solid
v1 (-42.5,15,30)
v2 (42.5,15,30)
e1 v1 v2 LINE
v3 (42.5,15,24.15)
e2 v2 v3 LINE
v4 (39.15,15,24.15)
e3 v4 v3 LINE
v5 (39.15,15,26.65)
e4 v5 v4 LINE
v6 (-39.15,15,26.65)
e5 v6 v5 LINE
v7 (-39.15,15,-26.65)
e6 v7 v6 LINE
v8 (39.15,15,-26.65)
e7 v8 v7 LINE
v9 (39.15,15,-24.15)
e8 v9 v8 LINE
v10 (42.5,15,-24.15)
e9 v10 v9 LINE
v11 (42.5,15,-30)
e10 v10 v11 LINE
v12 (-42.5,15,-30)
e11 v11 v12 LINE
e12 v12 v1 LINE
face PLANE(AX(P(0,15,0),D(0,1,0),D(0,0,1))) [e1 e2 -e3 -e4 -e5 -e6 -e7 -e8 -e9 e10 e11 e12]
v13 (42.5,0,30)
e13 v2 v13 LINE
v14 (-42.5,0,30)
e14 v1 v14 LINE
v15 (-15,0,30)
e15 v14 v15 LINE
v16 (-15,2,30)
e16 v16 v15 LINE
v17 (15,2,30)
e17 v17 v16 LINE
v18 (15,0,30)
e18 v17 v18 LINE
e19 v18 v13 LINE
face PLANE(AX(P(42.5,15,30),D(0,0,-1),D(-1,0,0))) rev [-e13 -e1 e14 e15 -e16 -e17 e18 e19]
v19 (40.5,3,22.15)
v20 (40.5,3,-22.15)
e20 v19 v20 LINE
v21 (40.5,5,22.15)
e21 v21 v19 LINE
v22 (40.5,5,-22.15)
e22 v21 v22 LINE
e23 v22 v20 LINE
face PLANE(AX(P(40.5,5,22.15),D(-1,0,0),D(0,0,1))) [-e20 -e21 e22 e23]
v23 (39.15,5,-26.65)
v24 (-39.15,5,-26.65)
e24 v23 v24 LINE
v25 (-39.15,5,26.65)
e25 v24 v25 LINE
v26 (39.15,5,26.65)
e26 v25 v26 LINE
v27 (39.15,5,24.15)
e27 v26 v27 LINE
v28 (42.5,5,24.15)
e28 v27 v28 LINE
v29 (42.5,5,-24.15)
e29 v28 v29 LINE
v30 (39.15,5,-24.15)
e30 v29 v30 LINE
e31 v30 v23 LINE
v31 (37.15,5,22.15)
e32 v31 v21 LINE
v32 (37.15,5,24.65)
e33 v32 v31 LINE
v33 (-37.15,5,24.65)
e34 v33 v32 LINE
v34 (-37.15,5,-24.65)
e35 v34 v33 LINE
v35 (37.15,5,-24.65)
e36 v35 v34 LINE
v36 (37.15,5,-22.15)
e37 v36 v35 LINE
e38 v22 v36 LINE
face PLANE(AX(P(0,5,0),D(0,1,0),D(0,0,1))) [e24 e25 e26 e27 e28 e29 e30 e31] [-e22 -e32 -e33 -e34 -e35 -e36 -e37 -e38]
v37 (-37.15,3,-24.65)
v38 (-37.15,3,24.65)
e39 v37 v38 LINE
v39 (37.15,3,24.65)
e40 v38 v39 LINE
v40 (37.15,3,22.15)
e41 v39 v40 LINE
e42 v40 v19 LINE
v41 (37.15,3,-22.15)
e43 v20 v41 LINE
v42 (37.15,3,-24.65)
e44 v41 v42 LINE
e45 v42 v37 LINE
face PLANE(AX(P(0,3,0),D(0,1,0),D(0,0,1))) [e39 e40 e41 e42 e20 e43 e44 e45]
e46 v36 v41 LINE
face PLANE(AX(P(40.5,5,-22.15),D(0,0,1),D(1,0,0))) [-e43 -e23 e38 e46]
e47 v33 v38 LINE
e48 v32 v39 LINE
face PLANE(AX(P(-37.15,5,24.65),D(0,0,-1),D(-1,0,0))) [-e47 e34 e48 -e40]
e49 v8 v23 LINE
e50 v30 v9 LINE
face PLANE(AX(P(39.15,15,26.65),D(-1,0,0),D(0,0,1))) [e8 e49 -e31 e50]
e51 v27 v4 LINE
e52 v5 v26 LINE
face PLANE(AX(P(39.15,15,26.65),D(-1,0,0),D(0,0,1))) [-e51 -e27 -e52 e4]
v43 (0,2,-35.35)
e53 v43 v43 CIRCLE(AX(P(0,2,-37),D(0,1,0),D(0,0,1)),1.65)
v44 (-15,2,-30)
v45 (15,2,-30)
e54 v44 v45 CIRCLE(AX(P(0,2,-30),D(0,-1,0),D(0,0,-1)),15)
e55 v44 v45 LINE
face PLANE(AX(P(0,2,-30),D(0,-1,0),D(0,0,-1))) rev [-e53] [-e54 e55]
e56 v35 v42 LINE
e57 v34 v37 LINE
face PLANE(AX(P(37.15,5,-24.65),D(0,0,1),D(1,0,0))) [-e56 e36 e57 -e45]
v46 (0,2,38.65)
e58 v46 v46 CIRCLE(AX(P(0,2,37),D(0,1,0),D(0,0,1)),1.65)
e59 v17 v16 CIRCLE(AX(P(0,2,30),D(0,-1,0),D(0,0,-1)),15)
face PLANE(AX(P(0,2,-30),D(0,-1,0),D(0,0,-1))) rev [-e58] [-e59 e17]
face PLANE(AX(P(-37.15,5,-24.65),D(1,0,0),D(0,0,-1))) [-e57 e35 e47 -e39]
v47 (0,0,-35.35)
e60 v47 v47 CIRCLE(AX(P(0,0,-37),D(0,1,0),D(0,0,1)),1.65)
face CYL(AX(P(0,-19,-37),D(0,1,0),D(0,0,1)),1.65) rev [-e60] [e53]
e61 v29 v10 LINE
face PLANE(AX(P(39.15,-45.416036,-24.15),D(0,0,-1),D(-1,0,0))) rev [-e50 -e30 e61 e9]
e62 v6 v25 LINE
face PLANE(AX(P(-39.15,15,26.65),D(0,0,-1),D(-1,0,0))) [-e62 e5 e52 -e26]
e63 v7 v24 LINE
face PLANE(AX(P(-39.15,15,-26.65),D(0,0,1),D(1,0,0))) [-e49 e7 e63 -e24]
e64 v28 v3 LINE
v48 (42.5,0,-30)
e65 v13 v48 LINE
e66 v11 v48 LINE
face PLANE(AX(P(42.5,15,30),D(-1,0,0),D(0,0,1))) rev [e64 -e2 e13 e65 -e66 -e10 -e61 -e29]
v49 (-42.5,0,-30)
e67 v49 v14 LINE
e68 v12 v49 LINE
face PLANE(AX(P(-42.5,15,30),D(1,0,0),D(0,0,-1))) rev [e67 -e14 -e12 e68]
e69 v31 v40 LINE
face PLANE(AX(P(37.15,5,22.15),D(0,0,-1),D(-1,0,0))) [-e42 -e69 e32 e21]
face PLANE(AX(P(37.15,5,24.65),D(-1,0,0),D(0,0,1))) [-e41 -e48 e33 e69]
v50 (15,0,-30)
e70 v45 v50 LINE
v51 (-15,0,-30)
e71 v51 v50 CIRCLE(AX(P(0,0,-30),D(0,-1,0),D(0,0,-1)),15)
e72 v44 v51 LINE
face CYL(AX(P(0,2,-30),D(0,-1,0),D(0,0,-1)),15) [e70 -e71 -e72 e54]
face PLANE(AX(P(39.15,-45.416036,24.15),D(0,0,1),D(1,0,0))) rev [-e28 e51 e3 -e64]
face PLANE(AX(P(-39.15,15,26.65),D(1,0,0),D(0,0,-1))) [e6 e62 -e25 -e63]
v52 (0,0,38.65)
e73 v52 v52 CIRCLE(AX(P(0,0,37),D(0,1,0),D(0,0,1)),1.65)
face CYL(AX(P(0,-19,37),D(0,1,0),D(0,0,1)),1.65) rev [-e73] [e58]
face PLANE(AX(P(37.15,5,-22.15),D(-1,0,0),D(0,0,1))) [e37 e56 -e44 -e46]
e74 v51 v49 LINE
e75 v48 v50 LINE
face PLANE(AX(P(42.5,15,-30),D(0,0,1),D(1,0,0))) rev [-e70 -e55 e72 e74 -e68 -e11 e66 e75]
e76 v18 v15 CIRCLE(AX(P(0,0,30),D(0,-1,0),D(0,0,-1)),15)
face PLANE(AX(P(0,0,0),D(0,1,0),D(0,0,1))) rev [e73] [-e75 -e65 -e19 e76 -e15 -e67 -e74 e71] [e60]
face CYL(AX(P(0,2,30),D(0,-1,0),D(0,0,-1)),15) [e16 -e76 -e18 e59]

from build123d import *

# Parameters (mm, degrees)
CROQUIS2_W              = 85
CROQUIS2_H              = 60
SALIENTE_EXTRUIR1_DEPTH = 15
VACIADO1_T              = -3
CROQUIS3_W              = 79
CROQUIS3_H              = 54
CROQUIS3_W_2            = 78.3
CROQUIS3_H_2            = 53.3
SALIENTE_EXTRUIR2_DEPTH = 12
CROQUIS6_W              = 3.35
CROQUIS6_H              = 48.3
CORTAR_EXTRUIR2_DEPTH   = 12
SALIENTE_EXTRUIR4_DEPTH = 2
SALIENTE_EXTRUIR5_DEPTH = 2
CROQUIS9_R              = 1.65
CORTAR_EXTRUIR3_DEPTH   = 21


with BuildPart() as part:
    # Croquis2 → Saliente-Extruir1 (new body)
    with BuildSketch(Plane(origin=(0, 0, 0), x_dir=(1, 0, 0), z_dir=(0, 1, 0))):
        Rectangle(CROQUIS2_W, CROQUIS2_H)
    extrude(amount=SALIENTE_EXTRUIR1_DEPTH)

    # Vaciado1
    vaciado1_openings = [part.faces().sort_by_distance(p)[0] for p in [
        (0, 15, 0),
    ]]
    offset(amount=VACIADO1_T, openings=vaciado1_openings, kind=Kind.INTERSECTION)

    # Croquis3 → Saliente-Extruir2 (add)
    with BuildSketch(Plane(origin=(0, 3, 0), x_dir=(1, 0, 0), z_dir=(0, 1, 0))):
        Rectangle(CROQUIS3_W, CROQUIS3_H)
        Rectangle(CROQUIS3_W_2, CROQUIS3_H_2, mode=Mode.SUBTRACT)
    extrude(amount=SALIENTE_EXTRUIR2_DEPTH)

    # Croquis6 → Cortar-Extruir2 (cut)
    with BuildSketch(Plane(origin=(0, 15, 0), x_dir=(1, 0, 0), z_dir=(0, 1, 0))):
        with Locations((40.825, 0)):
            Rectangle(CROQUIS6_W, CROQUIS6_H)
    extrude(amount=-CORTAR_EXTRUIR2_DEPTH, mode=Mode.SUBTRACT)

    # Croquis7 → Saliente-Extruir4 (add)
    with BuildSketch(Plane(origin=(0, 3, 0), x_dir=(1, 0, 0), z_dir=(0, 1, 0))):
        Polygon((39.15, -26.65), (39.15, -24.15), (42.5, -24.15), (42.5, 24.15), (39.15, 24.15), (39.15, 26.65), (-39.15, 26.65), (-39.15, -26.65), align=None)
        Polygon((37.15, -24.65), (37.15, -22.15), (40.5, -22.15), (40.5, 22.15), (37.15, 22.15), (37.15, 24.65), (-37.15, 24.65), (-37.15, -24.65), align=None, mode=Mode.SUBTRACT)
    extrude(amount=SALIENTE_EXTRUIR4_DEPTH)

    # Croquis8 → Saliente-Extruir5 (add)
    with BuildSketch(Plane.XZ):
        with BuildLine():
            Line((-15, -30), (-15, 30))
            ThreePointArc((-15, 30), (0, 45), (15, 30))
            Line((15, 30), (15, -30))
            ThreePointArc((15, -30), (0, -45), (-15, -30))
        make_face()
    extrude(amount=-SALIENTE_EXTRUIR5_DEPTH)

    # Croquis9 → Cortar-Extruir3 (cut)
    with BuildSketch(Plane(origin=(0, 2, 0), x_dir=(1, 0, 0), z_dir=(0, 1, 0))):
        with Locations(Location((0, 37, 0), (0, 0, 270))):
            Circle(CROQUIS9_R)
        with Locations(Location((0, -37, 0), (0, 0, 270))):
            Circle(CROQUIS9_R)
    extrude(amount=-CORTAR_EXTRUIR3_DEPTH, mode=Mode.SUBTRACT)


solid = part.part
